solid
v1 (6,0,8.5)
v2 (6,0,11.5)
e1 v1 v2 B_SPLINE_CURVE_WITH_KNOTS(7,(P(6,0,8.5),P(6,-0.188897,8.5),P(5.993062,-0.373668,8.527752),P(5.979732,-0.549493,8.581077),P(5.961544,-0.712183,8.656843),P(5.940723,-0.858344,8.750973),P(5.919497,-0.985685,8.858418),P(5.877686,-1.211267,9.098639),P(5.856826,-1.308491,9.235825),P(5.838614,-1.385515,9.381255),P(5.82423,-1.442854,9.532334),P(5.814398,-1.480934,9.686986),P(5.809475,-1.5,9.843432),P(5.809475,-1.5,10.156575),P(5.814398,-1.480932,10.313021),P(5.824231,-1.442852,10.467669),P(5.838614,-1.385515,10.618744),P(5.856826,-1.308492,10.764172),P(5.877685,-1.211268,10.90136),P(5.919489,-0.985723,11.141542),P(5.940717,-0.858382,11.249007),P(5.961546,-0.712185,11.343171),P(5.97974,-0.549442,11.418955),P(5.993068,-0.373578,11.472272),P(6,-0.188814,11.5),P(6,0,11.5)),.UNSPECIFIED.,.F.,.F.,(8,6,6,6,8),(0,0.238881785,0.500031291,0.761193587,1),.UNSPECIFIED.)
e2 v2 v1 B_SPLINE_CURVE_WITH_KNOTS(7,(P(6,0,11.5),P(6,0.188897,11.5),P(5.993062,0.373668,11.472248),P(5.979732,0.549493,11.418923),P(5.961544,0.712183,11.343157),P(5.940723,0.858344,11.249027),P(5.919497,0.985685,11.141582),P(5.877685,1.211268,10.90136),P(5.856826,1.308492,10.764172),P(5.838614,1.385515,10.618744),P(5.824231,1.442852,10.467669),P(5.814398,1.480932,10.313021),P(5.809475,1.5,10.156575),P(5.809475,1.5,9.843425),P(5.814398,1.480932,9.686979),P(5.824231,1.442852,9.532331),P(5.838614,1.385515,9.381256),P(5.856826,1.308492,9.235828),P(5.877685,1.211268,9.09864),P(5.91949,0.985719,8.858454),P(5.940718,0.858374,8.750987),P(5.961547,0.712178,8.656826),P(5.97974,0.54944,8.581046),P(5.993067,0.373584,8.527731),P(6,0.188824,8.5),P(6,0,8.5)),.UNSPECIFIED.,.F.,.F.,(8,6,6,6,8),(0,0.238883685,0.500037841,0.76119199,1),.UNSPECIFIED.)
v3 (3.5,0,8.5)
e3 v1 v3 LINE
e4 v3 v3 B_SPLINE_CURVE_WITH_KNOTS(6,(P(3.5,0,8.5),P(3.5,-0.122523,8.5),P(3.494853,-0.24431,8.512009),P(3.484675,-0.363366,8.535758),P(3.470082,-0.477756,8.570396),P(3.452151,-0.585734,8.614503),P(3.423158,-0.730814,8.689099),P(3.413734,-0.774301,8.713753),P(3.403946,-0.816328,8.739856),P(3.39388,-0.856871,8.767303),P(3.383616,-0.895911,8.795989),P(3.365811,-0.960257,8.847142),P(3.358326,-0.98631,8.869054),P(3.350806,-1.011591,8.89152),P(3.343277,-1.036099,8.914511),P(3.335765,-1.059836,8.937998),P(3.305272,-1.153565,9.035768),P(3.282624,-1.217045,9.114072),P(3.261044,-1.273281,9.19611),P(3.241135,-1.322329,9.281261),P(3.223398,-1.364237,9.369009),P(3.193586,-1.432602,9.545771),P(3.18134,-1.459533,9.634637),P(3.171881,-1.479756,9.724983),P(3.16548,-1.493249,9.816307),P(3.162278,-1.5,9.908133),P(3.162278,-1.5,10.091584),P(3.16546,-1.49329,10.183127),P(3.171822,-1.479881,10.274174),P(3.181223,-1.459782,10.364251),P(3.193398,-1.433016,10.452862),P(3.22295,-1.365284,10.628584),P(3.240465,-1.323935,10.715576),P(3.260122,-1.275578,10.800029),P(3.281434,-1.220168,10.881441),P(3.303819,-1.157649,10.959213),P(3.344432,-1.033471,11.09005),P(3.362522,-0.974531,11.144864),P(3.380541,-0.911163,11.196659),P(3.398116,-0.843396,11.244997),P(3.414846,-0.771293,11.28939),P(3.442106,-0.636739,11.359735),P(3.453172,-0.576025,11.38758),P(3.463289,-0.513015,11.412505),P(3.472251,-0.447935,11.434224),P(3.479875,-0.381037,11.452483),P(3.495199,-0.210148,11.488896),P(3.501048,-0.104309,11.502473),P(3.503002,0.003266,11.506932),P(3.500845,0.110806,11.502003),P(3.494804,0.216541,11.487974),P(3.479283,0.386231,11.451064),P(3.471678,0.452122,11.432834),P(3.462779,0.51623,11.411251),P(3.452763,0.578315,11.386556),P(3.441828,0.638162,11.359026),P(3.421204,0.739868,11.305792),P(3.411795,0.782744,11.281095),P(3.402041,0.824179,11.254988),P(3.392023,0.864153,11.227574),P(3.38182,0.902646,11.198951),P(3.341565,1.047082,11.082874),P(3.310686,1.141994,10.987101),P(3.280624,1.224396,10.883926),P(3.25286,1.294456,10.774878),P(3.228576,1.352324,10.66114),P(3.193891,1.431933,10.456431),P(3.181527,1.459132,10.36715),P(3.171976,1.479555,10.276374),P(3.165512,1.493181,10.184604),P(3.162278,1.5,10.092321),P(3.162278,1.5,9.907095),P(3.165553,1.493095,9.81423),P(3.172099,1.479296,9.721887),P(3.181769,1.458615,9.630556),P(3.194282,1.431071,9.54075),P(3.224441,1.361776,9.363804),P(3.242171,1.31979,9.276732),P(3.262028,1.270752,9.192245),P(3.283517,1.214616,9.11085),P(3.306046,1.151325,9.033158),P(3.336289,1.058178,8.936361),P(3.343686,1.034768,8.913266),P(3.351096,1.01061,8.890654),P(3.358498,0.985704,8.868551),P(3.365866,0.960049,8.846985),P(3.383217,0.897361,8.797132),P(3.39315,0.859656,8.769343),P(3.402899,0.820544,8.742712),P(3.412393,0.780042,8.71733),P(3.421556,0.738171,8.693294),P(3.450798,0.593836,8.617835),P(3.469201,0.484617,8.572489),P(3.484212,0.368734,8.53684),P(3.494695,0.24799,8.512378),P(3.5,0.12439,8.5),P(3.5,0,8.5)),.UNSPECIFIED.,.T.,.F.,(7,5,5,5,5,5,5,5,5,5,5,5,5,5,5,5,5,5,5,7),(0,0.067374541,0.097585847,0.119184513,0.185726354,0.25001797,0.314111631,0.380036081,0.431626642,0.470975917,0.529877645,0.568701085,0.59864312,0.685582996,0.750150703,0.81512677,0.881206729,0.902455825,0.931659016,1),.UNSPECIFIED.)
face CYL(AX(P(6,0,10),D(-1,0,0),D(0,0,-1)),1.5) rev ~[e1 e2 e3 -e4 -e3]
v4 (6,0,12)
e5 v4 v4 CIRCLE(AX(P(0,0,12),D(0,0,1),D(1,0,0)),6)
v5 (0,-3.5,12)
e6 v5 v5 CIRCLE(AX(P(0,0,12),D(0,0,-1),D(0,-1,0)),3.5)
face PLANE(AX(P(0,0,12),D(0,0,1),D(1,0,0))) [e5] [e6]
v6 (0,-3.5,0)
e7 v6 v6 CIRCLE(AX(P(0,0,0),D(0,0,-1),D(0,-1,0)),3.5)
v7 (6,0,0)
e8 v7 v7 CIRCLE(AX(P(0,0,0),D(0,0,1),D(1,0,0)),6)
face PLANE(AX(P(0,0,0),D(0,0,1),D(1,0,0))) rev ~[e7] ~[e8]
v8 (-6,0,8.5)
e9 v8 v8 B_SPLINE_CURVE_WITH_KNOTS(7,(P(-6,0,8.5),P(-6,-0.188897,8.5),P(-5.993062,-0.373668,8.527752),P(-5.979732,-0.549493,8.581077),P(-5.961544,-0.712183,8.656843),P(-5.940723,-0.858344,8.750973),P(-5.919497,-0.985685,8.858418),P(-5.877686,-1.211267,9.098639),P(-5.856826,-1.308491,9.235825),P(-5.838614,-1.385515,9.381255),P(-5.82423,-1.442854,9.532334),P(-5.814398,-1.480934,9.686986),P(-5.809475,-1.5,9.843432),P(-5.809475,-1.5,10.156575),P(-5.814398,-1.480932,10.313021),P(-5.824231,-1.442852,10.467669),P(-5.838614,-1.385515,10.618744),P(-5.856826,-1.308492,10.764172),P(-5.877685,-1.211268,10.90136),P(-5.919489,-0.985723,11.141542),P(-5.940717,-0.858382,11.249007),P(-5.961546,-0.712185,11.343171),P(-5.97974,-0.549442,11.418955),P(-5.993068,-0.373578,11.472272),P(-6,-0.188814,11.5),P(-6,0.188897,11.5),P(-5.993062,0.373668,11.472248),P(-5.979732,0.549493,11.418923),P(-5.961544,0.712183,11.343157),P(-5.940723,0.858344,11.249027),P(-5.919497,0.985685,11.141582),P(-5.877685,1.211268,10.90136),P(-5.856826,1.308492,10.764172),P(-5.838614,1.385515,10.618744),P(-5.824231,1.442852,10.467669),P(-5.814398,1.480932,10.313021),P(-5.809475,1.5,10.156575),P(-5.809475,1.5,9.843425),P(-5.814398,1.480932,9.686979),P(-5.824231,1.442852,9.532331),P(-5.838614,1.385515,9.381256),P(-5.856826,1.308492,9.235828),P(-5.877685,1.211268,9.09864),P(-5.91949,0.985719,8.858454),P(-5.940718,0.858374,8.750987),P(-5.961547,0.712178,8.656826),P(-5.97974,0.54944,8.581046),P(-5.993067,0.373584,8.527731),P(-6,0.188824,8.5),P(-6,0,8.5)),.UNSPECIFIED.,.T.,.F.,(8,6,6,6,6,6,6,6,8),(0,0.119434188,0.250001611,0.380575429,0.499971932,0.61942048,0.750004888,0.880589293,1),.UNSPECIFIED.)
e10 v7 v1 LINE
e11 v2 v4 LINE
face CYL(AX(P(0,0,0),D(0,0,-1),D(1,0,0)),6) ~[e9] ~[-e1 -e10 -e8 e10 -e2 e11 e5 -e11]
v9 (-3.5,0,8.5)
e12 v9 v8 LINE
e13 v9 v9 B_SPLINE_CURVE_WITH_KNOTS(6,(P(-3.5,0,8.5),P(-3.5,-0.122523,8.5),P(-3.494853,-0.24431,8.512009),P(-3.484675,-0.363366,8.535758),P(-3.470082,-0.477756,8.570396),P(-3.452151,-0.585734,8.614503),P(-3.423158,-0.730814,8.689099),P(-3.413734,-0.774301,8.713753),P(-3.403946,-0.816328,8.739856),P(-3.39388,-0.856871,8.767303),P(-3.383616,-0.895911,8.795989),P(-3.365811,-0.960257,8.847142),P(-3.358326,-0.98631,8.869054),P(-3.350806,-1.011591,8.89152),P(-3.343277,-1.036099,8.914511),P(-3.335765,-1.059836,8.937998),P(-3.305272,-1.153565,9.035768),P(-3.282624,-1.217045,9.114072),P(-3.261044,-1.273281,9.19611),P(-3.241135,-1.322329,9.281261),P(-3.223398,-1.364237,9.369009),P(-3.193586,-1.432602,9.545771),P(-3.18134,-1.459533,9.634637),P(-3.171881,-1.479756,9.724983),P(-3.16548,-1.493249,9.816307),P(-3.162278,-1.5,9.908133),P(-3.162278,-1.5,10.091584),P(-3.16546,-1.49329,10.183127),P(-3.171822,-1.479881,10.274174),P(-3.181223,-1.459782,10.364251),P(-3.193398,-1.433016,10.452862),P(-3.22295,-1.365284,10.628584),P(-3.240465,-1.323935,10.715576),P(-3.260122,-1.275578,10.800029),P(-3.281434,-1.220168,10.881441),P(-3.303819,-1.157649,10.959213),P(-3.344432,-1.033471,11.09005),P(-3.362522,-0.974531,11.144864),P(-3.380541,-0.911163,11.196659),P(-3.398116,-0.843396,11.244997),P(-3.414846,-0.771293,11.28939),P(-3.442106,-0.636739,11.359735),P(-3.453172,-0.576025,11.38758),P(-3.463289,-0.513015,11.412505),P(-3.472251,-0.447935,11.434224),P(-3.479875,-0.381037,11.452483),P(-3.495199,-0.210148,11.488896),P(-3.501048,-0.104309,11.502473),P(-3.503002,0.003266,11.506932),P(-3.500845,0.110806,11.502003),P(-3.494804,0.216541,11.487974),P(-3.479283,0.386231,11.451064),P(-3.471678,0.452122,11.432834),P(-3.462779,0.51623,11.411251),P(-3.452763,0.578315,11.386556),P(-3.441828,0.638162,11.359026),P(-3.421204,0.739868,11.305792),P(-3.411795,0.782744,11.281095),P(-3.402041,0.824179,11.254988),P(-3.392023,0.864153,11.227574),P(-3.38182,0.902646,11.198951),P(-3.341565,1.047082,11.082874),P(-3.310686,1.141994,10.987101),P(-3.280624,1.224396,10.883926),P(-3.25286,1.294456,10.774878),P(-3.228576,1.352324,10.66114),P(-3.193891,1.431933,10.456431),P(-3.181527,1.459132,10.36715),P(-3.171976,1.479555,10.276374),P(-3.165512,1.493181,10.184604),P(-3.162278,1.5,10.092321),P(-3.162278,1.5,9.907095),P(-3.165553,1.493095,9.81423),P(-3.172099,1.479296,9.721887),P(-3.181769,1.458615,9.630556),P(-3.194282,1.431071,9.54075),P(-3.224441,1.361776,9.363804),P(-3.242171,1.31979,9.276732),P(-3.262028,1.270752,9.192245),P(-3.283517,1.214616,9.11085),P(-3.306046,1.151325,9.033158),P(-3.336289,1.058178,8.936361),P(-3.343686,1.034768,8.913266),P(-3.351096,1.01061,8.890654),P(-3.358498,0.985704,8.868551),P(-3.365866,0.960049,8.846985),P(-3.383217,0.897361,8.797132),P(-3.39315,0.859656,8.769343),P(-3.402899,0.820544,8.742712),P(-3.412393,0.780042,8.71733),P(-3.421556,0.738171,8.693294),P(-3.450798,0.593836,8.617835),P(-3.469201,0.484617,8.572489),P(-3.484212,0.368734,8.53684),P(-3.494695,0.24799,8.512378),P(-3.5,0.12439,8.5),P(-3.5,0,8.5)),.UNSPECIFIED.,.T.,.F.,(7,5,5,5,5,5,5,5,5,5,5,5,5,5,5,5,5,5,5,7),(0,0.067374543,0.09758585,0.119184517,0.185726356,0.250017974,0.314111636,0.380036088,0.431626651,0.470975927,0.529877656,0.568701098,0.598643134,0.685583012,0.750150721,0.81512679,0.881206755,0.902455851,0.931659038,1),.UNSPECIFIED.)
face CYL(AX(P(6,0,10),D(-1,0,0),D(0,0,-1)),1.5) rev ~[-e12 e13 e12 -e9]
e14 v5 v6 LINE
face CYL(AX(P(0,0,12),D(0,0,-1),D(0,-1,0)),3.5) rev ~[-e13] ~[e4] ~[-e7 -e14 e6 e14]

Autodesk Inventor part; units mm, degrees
ref_plane "XZ Plane" through (0, 0, 0) normal (0, 1, 0) x (-1, 0, 0)
ref_plane "XY Plane" through (0, 0, 0) normal (0, 0, 1) x (1, 0, 0)
sketch "Sketch1" plane through (0, 0, 0) normal (0, 0, 1) x (1, 0, 0)
  circle A0 centre (0, 0) radius 6
  dimension "d0" = 12
extrude "Extrusion1" add sketch "Sketch1" along normal blind 12
thread "Thread1" size "M12x1.75" class "6g" standard "ISO Metric profile" full length
ref_plane "Work Plane1" through (6, 0, 0) normal (1, 0, 0) x (0, 1, 0)
sketch "Sketch3" plane through (6, 0, 0) normal (1, 0, 0) x (0, 1, 0)
  line L0 (6, 12) -> (-6, 12) projected
  point P0 (0, 0)
  point P1 (0, 10)
  dimension "d13" = 2
hole "Hole2" at (6, 0, 10) direction (-1, 0, 0) diameter 3 end through all
sketch "Sketch2" plane through (0, 0, 12) normal (0, 0, 1) x (1, 0, 0)
  circle A0 centre (0, 0) radius 6 projected
hole "Hole1" at (0, 0, 12) direction (0, 0, -1) diameter 7 depth 12
properties part number "38" material "Copper"
